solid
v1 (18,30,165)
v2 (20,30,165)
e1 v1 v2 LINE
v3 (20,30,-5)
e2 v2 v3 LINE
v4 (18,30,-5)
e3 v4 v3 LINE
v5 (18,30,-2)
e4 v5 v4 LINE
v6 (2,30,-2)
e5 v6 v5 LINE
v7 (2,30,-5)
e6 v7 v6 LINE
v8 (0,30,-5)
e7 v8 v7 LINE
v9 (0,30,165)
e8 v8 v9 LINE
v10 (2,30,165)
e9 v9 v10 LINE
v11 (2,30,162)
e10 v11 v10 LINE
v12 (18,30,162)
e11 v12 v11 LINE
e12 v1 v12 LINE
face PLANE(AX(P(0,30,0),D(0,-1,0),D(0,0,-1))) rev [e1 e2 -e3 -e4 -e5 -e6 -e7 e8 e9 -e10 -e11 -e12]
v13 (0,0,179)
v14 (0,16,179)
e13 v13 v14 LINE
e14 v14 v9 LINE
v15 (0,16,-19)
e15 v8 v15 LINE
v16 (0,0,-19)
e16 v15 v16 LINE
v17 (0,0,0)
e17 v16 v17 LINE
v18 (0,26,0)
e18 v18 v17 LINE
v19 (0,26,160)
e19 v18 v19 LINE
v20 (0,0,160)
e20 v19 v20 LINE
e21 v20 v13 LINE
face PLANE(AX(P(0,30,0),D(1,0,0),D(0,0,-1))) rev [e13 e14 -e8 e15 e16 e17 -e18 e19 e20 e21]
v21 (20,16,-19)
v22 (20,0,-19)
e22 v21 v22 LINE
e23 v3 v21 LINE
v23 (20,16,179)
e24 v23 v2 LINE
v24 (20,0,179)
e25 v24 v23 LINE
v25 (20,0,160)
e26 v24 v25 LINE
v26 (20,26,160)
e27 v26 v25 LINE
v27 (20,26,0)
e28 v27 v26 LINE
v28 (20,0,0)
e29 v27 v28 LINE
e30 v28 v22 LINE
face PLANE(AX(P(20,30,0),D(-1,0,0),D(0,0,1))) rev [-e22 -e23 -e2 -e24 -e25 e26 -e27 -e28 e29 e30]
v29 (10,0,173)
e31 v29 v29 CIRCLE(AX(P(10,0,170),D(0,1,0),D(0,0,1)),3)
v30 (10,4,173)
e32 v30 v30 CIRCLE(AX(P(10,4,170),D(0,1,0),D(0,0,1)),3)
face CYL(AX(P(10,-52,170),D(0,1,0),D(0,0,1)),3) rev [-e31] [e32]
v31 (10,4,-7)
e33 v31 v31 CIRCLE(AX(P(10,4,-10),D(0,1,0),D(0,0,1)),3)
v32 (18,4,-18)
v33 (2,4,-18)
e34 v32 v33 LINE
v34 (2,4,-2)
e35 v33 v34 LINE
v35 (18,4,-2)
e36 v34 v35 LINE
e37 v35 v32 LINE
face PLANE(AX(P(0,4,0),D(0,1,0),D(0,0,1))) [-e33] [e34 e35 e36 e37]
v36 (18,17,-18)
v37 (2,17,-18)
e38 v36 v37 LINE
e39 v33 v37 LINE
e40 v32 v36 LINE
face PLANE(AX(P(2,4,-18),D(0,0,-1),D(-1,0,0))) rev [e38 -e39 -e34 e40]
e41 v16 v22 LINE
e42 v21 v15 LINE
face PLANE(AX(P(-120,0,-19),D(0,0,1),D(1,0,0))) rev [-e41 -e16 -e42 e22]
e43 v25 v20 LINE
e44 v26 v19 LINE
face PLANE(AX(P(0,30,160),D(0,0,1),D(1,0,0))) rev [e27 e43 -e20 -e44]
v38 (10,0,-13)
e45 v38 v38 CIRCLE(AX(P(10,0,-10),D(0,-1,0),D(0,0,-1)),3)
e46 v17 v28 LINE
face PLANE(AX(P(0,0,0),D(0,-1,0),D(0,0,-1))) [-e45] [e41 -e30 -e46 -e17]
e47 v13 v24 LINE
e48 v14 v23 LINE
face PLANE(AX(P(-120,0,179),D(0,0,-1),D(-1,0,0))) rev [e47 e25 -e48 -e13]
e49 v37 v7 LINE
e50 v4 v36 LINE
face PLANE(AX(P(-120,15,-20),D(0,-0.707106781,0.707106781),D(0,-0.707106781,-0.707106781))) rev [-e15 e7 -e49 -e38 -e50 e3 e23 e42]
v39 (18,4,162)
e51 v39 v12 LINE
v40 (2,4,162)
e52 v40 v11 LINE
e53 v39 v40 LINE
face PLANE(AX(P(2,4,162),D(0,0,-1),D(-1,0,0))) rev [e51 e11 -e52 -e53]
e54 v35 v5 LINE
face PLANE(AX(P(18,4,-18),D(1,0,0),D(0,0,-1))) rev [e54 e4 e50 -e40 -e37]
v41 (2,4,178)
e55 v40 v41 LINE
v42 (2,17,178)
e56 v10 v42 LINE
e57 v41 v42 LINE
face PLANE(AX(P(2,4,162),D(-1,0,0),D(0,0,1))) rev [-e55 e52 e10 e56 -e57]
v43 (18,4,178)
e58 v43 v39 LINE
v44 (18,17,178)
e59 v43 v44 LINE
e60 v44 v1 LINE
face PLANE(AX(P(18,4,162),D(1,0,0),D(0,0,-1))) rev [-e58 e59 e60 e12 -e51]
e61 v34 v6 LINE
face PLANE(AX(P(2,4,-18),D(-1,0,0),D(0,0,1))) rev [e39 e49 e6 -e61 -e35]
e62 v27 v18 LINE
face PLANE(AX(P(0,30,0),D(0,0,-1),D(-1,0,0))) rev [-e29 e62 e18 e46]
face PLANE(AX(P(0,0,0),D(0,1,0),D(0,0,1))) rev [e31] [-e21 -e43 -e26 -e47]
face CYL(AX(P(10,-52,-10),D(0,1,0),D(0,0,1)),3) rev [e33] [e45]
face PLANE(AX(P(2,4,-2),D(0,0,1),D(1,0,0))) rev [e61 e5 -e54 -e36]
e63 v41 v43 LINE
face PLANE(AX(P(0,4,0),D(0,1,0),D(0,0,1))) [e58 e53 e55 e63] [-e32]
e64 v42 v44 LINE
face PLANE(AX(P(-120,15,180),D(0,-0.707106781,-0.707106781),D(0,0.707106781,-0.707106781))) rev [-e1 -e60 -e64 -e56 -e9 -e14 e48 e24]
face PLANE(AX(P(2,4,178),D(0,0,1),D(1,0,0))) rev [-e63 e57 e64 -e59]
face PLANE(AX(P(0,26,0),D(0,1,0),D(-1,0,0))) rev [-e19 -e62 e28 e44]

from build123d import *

# Parameters (mm, degrees)
SKETCH2_W             = 20
SKETCH2_H             = 20
BOSS_EXTRUDE1_DEPTH   = 30
BOSS_EXTRUDE1_2_DEPTH = 30
SKETCH3_W             = 16
SKETCH3_H             = 16
CUT_EXTRUDE1_DEPTH    = 26
SKETCH4_R             = 3
CUT_EXTRUDE2_DEPTH    = 56
SKETCH7_W             = 20
SKETCH7_H             = 4
BOSS_EXTRUDE2_DEPTH   = 160
CUT_EXTRUDE5_DEPTH    = 140
SKETCH10_W            = 1
SKETCH10_H            = 37.358544319
CUT_EXTRUDE6_DEPTH    = 140


with BuildPart() as part:
    # Sketch2 → Boss-Extrude1 (new body)
    with BuildSketch(Plane(origin=(0, 0, 0), x_dir=(1, 0, 0), z_dir=(0, 1, 0))):
        with Locations((10, 10)):
            Rectangle(SKETCH2_W, SKETCH2_H)
    extrude(amount=BOSS_EXTRUDE1_DEPTH)


with BuildPart() as body_2:
    # Sketch2 → Boss-Extrude1 2 (new body)
    with BuildSketch(Plane(origin=(0, 0, 0), x_dir=(1, 0, 0), z_dir=(0, 1, 0))):
        with Locations((10, -170)):
            Rectangle(SKETCH2_W, SKETCH2_H)
    extrude(amount=BOSS_EXTRUDE1_2_DEPTH)


with BuildPart() as cut_extrude1_tool:
    # Sketch3 → Cut-Extrude1 (new body)
    with BuildSketch(Plane(origin=(0, 30, 0), x_dir=(1, 0, 0), z_dir=(0, 1, 0))):
        with Locations((10, 10)):
            Rectangle(SKETCH3_W, SKETCH3_H)
        with Locations((10, -170)):
            Rectangle(SKETCH3_W, SKETCH3_H)
    extrude(amount=-CUT_EXTRUDE1_DEPTH)


with BuildPart() as part_1:
    add(part.part)

    # Cut-Extrude1: cut by cut_extrude1_tool
    add(cut_extrude1_tool.part, mode=Mode.SUBTRACT)


with BuildPart() as body_2_1:
    add(body_2.part)

    # Cut-Extrude1: cut by cut_extrude1_tool
    add(cut_extrude1_tool.part, mode=Mode.SUBTRACT)


with BuildPart() as cut_extrude2_tool:
    # Sketch4 → Cut-Extrude2 (new body)
    with BuildSketch(Plane(origin=(0, 4, 0), x_dir=(1, 0, 0), z_dir=(0, 1, 0))):
        with Locations(Location((10, -170, 0), (0, 0, 270))):
            Circle(SKETCH4_R)
        with Locations(Location((10, 10, 0), (0, 0, 270))):
            Circle(SKETCH4_R)
    extrude(amount=-CUT_EXTRUDE2_DEPTH)


with BuildPart() as part_2:
    add(part_1.part)

    # Cut-Extrude2: cut by cut_extrude2_tool
    add(cut_extrude2_tool.part, mode=Mode.SUBTRACT)



with BuildPart() as body_2_2:
    add(body_2_1.part)

    # Cut-Extrude2: cut by cut_extrude2_tool
    add(cut_extrude2_tool.part, mode=Mode.SUBTRACT)


with BuildPart() as part_3:
    add(part_2.part)

    add(body_2_2.part)  # Boss-Extrude2 merges body 2
    # Sketch7 → Boss-Extrude2 (add)
    with BuildSketch(Plane(origin=(0, 0, 160), x_dir=(-1, 0, 0), z_dir=(0, 0, -1))):
        with Locations((-10, 28)):
            Rectangle(SKETCH7_W, SKETCH7_H)
    extrude(amount=BOSS_EXTRUDE2_DEPTH)

    # Sketch9 → Cut-Extrude5 (cut)
    with BuildSketch(Plane(origin=(20, 0, 0), x_dir=(0, 0, -1), z_dir=(1, 0, 0))):
        Polygon((-180, 15), (-165, 30), (-180, 30), align=None)
        Polygon((20, 15), (5, 30), (20, 30), align=None)
    extrude(amount=-CUT_EXTRUDE5_DEPTH, mode=Mode.SUBTRACT)

    # Sketch10 → Cut-Extrude6 (cut)
    with BuildSketch(Plane(origin=(20, 0, 0), x_dir=(0, 0, -1), z_dir=(1, 0, 0))):
        with Locations((-179.5, 18.67927216)):
            Rectangle(SKETCH10_W, SKETCH10_H)
        with Locations((19.5, 18.67927216)):
            Rectangle(SKETCH10_W, SKETCH10_H)
    extrude(amount=-CUT_EXTRUDE6_DEPTH, mode=Mode.SUBTRACT)


solid = part_3.part
